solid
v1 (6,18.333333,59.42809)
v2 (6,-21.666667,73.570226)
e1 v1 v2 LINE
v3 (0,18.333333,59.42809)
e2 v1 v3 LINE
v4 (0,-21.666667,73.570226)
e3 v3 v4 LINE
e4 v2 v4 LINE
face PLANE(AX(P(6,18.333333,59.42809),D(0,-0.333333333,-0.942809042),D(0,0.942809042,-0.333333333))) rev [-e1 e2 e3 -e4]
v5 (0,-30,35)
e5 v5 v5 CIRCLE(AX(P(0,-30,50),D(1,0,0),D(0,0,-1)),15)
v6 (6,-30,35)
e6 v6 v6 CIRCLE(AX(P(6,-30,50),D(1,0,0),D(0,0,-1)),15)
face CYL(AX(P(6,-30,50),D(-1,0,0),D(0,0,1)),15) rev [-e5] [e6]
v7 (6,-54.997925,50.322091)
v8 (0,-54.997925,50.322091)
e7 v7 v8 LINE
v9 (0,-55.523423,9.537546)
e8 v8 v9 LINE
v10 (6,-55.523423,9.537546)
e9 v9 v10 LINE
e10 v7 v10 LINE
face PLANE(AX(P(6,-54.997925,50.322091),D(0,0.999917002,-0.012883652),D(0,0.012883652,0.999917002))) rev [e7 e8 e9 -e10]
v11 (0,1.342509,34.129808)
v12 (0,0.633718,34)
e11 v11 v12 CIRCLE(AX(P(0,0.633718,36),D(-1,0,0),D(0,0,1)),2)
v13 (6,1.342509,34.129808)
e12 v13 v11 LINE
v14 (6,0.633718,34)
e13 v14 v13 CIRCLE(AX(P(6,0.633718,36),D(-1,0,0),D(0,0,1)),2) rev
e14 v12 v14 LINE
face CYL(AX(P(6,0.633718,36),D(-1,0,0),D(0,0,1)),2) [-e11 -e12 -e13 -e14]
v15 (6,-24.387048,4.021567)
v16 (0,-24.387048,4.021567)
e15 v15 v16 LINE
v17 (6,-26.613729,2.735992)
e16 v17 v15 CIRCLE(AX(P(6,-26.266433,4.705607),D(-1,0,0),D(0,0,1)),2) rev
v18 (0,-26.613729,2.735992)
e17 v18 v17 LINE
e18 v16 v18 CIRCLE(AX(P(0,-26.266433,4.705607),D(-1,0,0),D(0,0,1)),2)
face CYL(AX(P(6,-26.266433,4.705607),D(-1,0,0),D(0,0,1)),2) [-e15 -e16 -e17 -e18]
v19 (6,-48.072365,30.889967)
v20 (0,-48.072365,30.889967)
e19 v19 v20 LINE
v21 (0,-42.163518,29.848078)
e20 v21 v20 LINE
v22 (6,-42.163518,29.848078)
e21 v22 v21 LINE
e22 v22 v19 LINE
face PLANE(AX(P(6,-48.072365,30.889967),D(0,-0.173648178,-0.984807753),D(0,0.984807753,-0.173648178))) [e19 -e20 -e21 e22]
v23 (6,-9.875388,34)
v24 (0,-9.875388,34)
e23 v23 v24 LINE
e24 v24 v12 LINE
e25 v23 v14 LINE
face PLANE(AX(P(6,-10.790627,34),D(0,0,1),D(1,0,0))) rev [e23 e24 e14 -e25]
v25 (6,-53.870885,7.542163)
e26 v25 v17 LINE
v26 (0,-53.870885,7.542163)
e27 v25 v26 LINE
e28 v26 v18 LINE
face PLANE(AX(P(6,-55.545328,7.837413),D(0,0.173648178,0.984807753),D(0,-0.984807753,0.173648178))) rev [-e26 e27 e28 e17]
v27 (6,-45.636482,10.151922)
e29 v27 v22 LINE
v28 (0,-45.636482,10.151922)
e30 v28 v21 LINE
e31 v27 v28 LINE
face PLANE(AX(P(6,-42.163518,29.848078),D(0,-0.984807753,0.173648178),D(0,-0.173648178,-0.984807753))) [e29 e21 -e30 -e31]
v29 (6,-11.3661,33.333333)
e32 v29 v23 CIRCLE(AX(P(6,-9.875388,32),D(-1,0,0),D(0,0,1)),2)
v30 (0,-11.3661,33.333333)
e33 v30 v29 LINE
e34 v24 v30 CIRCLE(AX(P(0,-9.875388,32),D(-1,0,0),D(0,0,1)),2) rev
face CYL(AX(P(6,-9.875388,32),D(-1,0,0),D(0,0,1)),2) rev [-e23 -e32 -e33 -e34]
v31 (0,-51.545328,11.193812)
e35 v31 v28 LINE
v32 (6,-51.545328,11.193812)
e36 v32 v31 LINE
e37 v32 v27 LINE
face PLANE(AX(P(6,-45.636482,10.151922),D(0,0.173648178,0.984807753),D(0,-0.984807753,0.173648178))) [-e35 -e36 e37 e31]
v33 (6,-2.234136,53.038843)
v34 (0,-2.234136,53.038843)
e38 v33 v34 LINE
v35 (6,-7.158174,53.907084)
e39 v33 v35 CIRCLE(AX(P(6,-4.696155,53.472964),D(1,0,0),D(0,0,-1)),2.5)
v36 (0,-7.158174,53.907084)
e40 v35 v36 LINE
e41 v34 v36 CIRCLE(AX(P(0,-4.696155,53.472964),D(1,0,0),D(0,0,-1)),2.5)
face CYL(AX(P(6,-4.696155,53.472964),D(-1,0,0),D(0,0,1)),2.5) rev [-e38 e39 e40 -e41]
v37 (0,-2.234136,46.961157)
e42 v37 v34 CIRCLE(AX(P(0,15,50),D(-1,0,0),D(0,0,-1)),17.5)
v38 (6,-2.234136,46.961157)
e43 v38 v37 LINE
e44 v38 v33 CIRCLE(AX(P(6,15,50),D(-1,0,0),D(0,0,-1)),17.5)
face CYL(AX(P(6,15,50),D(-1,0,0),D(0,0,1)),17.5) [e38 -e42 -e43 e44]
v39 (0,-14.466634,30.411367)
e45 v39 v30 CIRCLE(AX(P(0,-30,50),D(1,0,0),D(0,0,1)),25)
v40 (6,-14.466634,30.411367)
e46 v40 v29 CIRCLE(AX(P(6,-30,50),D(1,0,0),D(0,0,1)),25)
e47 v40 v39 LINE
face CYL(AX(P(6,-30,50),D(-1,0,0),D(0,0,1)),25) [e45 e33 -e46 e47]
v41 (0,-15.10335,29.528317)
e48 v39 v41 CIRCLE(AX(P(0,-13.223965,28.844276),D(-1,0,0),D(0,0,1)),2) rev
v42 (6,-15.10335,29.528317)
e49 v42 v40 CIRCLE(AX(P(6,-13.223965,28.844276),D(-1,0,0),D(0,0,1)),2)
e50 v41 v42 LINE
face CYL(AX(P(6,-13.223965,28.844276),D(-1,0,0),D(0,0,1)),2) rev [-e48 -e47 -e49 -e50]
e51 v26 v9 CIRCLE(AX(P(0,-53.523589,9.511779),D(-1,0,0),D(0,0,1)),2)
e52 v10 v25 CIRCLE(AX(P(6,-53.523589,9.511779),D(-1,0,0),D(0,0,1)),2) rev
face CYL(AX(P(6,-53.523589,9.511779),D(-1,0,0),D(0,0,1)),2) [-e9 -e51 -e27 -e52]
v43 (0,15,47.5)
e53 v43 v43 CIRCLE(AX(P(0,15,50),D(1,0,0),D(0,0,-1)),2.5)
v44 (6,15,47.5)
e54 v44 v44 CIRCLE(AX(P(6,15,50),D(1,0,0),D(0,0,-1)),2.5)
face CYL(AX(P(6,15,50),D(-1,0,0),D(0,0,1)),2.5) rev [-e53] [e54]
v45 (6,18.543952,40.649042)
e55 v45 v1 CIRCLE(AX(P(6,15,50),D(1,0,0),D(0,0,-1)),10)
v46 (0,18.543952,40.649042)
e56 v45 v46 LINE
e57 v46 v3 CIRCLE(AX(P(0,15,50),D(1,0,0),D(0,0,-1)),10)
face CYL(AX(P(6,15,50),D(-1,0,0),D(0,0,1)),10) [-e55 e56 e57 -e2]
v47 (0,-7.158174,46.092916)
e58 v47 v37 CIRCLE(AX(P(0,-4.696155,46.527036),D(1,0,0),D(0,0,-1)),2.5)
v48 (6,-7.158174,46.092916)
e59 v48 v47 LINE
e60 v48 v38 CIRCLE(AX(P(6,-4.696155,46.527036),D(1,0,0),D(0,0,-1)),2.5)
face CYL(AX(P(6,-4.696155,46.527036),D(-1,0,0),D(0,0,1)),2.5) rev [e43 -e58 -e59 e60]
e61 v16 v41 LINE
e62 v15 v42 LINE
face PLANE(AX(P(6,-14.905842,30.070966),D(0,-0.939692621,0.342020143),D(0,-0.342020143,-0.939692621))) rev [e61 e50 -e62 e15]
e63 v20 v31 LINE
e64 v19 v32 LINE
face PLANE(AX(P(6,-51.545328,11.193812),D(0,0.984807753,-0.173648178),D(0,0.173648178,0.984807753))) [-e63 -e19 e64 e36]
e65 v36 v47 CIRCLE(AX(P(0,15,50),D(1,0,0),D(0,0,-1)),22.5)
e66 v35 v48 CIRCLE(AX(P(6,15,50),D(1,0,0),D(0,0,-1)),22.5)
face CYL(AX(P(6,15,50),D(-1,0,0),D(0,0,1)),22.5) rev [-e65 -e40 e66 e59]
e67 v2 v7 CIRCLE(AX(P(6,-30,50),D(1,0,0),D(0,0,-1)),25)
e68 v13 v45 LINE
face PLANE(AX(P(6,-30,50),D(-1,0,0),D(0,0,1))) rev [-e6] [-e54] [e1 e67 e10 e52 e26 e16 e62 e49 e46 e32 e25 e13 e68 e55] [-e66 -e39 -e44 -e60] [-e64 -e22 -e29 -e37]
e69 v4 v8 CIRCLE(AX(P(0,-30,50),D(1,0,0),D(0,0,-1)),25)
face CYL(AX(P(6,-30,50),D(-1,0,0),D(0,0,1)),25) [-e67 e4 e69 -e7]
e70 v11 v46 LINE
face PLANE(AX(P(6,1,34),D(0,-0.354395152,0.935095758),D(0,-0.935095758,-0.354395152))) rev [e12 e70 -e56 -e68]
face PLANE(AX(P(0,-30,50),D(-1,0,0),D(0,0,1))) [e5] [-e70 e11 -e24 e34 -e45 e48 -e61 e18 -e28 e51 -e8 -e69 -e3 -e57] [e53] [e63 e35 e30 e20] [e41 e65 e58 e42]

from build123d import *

# Parameters (mm, degrees)
SKETCH1_R           = 15
SKETCH1_R_2         = 2.5
BOSS_EXTRUDE1_DEPTH = 6
FILLET1_R           = 2


with BuildPart() as part:
    # Sketch1 → Boss-Extrude1 (new body)
    with BuildSketch(Plane(origin=(0, 0, 0), x_dir=(0, 0, -1), z_dir=(1, 0, 0))):
        with BuildLine():
            Line((-59.428090416, 18.333333333), (-73.57022604, -21.666666667))
            ThreePointArc((-73.57022604, -21.666666667), (-70.504972651, -44.301961285), (-50.322091296, -54.997925058))
            Line((-50.322091296, -54.997925058), (-7.837413011, -55.545328295))
            Line((-7.837413011, -55.545328295), (-2.444575303, -24.961025846))
            Line((-2.444575303, -24.961025846), (-30.070966116, -14.905841909))
            ThreePointArc((-30.070966116, -14.905841909), (-31.918030616, -12.736095946), (-34, -10.790627288))
            Line((-34, -10.790627288), (-34, 1))
            Line((-34, 1), (-40.649042421, 18.543951518))
            ThreePointArc((-40.649042421, 18.543951518), (-50.11214889, 24.999371112), (-59.428090416, 18.333333333))
        make_face()
        with Locations((-50, -30)):
            Circle(SKETCH1_R, mode=Mode.SUBTRACT)
        with Locations((-50, 15)):
            Circle(SKETCH1_R_2, mode=Mode.SUBTRACT)
        Polygon((-29.84807753, -42.163518223), (-10.15192247, -45.636481777), (-11.193811536, -51.545328295), (-30.889966596, -48.072364741), align=None, mode=Mode.SUBTRACT)
        with BuildLine():
            ThreePointArc((-53.038843109, -2.234135678), (-55.934982936, -4.262034616), (-53.907083998, -7.158174443))
            ThreePointArc((-53.907083998, -7.158174443), (-50, -7.5), (-46.092916002, -7.158174443))
            ThreePointArc((-46.092916002, -7.158174443), (-44.065017064, -4.262034616), (-46.961156891, -2.234135678))
            ThreePointArc((-46.961156891, -2.234135678), (-50, -2.5), (-53.038843109, -2.234135678))
        make_face(mode=Mode.SUBTRACT)
    extrude(amount=BOSS_EXTRUDE1_DEPTH)

    # Fillet1
    fillet1_edges = [part.edges().sort_by_distance(p)[0] for p in [
        (3, -14.905841909, 30.070966116),
        (3, -24.961025846, 2.444575303),
        (3, -55.545328295, 7.837413011),
        (3, 1, 34),
        (3, -10.790627288, 34),
    ]]
    fillet(fillet1_edges, radius=FILLET1_R)


solid = part.part
